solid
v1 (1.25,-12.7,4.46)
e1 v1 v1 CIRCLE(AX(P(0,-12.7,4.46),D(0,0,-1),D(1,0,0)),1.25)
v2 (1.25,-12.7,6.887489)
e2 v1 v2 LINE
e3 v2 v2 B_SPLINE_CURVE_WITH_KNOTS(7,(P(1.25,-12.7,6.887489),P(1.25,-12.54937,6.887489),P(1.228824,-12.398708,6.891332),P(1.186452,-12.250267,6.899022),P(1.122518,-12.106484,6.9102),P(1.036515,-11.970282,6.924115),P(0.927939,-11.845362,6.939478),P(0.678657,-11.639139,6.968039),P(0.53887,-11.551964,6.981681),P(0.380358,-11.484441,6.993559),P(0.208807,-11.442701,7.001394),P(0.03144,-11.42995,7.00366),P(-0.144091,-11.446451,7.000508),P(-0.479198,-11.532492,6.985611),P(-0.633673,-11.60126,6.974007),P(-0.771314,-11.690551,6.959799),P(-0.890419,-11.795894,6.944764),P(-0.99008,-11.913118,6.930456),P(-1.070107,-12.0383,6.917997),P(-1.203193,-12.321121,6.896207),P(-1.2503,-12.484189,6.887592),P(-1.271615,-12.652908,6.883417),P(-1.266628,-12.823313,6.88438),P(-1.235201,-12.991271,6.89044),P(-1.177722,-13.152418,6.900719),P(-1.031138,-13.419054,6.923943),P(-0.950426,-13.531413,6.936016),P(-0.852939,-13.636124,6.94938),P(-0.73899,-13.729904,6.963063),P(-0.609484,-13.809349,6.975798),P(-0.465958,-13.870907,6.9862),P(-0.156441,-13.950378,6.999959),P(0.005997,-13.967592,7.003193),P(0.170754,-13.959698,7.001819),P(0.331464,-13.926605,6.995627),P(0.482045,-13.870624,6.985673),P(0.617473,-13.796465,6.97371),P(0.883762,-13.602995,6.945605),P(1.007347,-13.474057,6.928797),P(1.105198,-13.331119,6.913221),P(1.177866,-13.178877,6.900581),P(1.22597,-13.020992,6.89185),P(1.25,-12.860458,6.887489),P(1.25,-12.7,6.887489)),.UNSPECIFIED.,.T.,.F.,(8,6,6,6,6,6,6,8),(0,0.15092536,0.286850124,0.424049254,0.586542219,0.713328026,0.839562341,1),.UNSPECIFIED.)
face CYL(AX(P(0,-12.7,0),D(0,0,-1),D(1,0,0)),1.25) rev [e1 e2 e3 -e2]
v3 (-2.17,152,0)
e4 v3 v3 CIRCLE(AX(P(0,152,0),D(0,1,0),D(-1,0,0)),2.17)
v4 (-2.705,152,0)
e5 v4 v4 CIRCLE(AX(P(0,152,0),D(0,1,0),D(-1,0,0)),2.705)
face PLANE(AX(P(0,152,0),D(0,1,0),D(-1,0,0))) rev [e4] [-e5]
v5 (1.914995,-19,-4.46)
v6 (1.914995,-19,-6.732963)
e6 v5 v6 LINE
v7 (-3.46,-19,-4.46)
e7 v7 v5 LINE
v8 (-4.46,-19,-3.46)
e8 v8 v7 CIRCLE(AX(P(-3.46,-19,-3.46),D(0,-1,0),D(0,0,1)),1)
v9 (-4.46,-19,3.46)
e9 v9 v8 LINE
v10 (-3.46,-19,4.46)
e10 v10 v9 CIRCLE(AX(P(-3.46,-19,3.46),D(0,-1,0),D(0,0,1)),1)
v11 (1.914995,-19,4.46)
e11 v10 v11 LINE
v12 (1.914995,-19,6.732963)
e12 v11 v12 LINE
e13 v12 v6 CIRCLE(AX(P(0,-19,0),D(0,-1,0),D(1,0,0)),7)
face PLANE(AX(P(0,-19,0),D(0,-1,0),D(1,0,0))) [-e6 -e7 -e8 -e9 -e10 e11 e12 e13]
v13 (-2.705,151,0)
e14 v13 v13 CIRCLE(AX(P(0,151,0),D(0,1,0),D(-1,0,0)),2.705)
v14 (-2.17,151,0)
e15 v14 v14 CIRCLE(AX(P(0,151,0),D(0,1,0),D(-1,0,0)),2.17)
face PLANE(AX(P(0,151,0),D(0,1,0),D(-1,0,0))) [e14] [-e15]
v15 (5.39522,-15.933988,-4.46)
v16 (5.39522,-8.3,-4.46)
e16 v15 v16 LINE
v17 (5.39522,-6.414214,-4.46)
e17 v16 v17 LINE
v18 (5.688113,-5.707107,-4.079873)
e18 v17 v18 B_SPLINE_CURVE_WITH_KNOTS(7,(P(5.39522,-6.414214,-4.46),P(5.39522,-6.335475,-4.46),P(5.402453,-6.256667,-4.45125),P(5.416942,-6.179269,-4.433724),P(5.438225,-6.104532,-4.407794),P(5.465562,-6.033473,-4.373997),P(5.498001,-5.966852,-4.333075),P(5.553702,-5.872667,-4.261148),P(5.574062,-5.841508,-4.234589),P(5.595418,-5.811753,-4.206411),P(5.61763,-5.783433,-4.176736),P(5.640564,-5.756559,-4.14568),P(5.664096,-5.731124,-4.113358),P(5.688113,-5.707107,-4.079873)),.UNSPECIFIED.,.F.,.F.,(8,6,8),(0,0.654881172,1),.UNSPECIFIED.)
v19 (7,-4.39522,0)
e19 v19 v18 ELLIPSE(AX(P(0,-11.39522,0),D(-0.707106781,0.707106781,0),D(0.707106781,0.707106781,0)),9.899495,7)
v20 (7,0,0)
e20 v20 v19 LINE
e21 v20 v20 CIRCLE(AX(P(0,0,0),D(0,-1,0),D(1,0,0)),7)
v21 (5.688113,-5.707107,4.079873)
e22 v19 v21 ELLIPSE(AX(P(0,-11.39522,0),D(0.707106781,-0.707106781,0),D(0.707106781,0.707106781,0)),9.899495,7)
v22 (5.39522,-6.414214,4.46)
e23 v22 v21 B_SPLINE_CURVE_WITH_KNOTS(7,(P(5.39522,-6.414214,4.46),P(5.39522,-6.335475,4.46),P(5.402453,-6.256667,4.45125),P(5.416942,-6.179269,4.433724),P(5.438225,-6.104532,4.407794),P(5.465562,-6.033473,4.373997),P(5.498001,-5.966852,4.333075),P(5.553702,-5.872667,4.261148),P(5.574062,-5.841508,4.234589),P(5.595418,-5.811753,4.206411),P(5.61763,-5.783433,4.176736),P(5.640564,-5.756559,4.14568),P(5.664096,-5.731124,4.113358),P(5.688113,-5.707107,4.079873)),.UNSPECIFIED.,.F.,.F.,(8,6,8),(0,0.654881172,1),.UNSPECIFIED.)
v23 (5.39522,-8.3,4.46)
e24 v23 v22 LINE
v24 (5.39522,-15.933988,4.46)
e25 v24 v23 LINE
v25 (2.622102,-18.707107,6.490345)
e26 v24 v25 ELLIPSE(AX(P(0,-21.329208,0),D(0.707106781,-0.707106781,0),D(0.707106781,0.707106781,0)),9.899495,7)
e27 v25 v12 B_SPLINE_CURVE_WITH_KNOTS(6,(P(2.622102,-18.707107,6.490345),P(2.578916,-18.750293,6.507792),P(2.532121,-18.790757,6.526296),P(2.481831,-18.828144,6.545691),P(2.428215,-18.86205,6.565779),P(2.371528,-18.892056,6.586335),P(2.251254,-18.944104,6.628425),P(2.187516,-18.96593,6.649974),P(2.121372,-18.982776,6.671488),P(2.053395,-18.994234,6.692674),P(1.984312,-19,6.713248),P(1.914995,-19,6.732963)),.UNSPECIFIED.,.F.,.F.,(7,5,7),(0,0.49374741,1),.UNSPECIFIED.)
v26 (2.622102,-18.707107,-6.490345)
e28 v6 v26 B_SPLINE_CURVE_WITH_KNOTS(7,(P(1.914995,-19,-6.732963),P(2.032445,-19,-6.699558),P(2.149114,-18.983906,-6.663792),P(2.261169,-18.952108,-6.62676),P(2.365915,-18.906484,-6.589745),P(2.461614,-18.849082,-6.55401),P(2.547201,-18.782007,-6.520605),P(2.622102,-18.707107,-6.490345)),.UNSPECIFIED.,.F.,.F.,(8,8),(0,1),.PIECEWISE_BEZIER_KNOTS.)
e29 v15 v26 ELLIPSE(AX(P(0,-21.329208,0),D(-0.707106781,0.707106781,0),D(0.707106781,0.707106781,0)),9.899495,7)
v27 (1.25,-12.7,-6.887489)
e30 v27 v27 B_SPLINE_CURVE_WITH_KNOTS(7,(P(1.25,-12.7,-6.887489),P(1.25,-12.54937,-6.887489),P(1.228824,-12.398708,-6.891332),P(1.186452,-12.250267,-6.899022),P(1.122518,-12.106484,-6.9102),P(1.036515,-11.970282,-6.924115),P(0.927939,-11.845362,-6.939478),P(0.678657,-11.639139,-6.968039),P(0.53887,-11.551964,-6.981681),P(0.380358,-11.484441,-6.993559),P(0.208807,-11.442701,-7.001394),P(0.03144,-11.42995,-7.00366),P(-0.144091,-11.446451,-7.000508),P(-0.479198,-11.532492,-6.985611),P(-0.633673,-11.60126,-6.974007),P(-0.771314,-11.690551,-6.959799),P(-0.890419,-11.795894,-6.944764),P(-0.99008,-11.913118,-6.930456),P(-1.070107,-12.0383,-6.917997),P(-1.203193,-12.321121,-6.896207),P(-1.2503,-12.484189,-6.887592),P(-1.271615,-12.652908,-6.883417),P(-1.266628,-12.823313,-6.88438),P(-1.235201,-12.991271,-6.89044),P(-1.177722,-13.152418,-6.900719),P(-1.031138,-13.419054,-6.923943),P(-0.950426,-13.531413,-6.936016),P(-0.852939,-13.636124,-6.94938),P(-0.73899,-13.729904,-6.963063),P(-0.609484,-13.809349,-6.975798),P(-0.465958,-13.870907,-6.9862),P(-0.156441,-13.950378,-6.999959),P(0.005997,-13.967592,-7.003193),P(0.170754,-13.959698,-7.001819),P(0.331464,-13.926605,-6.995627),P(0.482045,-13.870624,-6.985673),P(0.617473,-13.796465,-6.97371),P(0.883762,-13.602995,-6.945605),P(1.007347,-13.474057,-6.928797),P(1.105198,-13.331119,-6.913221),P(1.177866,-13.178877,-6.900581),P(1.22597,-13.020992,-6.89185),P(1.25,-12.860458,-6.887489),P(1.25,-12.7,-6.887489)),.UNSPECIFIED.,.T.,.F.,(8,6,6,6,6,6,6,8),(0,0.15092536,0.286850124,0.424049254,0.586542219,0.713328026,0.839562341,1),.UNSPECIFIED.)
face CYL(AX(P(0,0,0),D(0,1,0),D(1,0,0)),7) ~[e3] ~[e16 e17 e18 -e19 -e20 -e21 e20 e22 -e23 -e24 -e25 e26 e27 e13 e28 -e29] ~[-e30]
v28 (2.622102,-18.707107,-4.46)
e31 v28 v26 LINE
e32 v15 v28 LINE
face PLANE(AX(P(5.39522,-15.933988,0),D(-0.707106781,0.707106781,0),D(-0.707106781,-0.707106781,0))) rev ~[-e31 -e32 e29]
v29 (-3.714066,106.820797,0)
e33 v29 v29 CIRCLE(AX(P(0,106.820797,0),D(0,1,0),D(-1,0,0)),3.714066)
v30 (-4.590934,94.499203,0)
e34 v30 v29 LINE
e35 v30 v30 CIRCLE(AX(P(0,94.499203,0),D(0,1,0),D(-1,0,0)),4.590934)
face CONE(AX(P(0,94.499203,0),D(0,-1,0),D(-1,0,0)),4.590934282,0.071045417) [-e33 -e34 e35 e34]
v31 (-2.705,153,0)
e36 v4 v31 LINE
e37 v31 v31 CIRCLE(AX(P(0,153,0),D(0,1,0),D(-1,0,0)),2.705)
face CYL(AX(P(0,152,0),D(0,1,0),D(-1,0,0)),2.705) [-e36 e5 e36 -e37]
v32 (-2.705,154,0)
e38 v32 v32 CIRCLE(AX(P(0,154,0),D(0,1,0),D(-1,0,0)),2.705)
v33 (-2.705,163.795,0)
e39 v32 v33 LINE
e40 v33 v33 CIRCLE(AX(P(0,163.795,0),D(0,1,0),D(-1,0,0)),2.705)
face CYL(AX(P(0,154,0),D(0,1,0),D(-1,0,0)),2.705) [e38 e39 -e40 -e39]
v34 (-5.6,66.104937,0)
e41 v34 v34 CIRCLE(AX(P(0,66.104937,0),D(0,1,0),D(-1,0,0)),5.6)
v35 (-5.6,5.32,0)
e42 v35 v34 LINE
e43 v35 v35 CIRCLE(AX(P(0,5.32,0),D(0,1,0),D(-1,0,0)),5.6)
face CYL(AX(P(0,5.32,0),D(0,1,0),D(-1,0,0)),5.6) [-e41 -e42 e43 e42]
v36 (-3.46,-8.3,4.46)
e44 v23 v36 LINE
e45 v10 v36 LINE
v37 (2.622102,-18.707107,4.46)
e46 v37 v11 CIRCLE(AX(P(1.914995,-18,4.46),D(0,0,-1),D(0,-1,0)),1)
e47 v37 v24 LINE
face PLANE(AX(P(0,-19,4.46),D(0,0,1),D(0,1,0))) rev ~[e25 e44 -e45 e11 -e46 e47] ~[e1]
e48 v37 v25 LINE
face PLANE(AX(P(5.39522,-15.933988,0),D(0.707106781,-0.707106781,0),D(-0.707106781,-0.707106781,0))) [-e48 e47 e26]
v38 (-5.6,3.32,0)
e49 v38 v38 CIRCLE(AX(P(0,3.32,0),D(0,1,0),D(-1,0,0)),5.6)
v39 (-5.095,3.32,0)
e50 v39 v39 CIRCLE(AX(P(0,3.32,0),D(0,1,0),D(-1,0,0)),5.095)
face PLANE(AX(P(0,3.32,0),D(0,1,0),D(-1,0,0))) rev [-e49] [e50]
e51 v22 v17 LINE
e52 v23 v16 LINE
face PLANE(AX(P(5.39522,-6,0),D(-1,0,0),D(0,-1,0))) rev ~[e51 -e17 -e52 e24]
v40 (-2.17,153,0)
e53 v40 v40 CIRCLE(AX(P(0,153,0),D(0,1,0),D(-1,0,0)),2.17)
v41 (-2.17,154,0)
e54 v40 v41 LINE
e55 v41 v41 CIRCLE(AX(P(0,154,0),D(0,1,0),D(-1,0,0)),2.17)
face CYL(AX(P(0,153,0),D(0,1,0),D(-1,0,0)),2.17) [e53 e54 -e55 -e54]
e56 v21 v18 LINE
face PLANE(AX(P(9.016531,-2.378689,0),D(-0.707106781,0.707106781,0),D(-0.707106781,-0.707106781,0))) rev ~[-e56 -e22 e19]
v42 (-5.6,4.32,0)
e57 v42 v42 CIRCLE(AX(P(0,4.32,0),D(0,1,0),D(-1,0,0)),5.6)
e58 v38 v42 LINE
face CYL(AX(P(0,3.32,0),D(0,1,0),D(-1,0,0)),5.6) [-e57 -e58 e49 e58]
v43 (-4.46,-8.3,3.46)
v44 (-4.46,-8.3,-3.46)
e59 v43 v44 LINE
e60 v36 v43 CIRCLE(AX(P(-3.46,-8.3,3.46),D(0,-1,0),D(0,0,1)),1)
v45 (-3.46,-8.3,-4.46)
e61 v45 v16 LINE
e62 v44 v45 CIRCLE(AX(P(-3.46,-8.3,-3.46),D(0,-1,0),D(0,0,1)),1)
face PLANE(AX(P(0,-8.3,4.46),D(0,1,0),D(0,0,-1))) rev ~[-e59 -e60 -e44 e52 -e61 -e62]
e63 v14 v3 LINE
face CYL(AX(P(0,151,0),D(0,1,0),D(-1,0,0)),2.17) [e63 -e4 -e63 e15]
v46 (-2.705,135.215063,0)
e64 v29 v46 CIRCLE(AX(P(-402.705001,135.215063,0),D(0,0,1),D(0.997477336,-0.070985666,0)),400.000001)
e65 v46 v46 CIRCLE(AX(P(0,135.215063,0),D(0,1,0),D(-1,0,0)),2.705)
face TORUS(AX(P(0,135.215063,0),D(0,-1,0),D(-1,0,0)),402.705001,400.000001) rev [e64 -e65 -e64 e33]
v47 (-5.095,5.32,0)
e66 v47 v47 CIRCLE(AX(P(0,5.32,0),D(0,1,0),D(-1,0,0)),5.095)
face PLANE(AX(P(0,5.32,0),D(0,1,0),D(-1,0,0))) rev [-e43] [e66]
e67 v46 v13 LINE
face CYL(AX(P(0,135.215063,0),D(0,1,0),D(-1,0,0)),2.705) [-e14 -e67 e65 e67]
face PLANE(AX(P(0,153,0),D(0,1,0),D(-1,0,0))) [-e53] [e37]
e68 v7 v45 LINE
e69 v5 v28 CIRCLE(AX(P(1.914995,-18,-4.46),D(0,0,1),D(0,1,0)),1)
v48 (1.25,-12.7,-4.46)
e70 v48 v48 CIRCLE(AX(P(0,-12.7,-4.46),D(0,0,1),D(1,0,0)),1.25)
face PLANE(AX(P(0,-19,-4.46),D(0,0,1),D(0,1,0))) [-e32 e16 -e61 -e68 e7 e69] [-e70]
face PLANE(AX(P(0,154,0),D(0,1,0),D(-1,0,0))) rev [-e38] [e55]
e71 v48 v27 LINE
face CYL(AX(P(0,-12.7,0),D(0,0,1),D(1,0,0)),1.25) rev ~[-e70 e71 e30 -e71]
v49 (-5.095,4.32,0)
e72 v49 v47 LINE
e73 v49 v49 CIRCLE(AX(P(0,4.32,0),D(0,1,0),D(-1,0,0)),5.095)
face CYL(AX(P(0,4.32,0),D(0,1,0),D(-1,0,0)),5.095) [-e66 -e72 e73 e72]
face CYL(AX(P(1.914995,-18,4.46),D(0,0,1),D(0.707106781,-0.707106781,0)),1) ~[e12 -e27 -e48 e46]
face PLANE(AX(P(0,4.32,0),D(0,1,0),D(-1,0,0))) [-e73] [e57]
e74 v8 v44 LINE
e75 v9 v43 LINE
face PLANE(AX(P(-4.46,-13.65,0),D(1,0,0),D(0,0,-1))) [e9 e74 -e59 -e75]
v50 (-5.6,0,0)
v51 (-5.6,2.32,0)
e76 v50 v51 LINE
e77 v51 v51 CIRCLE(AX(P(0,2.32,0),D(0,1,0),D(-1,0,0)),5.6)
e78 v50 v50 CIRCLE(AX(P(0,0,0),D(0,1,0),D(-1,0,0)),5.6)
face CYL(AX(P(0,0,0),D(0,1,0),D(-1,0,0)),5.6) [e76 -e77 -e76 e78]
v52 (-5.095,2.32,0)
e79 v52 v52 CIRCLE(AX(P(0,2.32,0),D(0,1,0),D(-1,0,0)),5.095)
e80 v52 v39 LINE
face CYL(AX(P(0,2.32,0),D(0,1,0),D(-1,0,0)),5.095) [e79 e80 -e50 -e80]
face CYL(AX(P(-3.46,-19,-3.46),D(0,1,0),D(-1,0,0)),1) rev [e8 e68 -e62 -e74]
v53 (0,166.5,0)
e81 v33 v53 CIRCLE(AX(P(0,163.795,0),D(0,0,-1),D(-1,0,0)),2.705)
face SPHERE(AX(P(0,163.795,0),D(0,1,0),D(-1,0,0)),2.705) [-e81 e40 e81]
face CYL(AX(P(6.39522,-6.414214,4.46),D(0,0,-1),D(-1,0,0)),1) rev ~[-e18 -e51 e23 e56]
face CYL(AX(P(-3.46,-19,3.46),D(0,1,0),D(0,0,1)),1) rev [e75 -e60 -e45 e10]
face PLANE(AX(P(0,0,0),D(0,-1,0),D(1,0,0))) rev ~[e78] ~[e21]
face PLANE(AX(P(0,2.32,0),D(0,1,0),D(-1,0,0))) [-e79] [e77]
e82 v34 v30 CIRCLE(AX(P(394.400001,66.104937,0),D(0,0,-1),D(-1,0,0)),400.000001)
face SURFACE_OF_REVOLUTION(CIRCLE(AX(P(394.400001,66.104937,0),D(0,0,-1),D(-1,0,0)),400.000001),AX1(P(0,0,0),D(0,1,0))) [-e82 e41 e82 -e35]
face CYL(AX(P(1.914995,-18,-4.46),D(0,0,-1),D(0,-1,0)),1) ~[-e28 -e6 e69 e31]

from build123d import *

# Parameters (mm, degrees)
SKETCH3_R               = 7
BOSS_EXTRUDE1_DEPTH     = 19
SKETCH4_W               = 8.92
SKETCH4_H               = 10.7
CUT_EXTRUDE1_DEPTH      = 9
CUT_EXTRUDE1_DEPTH_BACK = 4.46
SKETCH5_R               = 1.25
CUT_EXTRUDE2_DEPTH      = 14.46
CUT_EXTRUDE2_DEPTH_BACK = 14.46
FILLET1_R               = 1


with BuildPart() as part:
    # Sketch1 → Revolve1 (revolve)
    with BuildSketch(Plane.XY):
        with BuildLine():
            Line((0, 0), (-5.6, 0))
            Line((-5.6, 0), (-5.6, 2.32))
            Line((-5.6, 2.32), (-5.095, 2.32))
            Line((-5.095, 2.32), (-5.095, 3.32))
            Line((-5.095, 3.32), (-5.6, 3.32))
            Line((-5.6, 3.32), (-5.6, 4.32))
            Line((-5.6, 4.32), (-5.095, 4.32))
            Line((-5.095, 4.32), (-5.095, 5.32))
            Line((-5.095, 5.32), (-5.6, 5.32))
            Line((-5.6, 5.32), (-5.6, 66.104936914))
            ThreePointArc((-5.6, 66.104936914), (-5.347653972, 80.311032213), (-4.590934282, 94.499203254))
            Line((-4.590934282, 94.499203254), (-3.714065718, 106.820796746))
            ThreePointArc((-3.714065718, 106.820796746), (-2.957346028, 121.008967787), (-2.705, 135.215063086))
            Line((-2.705, 135.215063086), (-2.705, 151))
            Line((-2.705, 151), (-2.17, 151))
            Line((-2.17, 151), (-2.17, 152))
            Line((-2.17, 152), (-2.705, 152))
            Line((-2.705, 152), (-2.705, 153))
            Line((-2.705, 153), (-2.17, 153))
            Line((-2.17, 153), (-2.17, 154))
            Line((-2.17, 154), (-2.705, 154))
            Line((-2.705, 154), (-2.705, 163.795))
            ThreePointArc((-2.705, 163.795), (-1.912723843, 165.707723843), (0, 166.5))
            Line((0, 166.5), (0, 0))
        make_face()
    revolve(axis=Axis((0, 0, 0), (0, 1, 0)))

    # Sketch3 → Boss-Extrude1 (add)
    with BuildSketch(Plane.XZ):
        Circle(SKETCH3_R)
    extrude(amount=BOSS_EXTRUDE1_DEPTH)

    # Sketch4 → Cut-Extrude1 (cut, two sides)
    with BuildSketch(Plane(origin=(0, 0, 0), x_dir=(0, 0, -1), z_dir=(1, 0, 0))) as cut_extrude1_sk:
        with Locations((0, -13.65)):
            Rectangle(SKETCH4_W, SKETCH4_H)
    extrude(amount=CUT_EXTRUDE1_DEPTH, mode=Mode.SUBTRACT)
    extrude(cut_extrude1_sk.sketch, amount=-CUT_EXTRUDE1_DEPTH_BACK, mode=Mode.SUBTRACT)

    # Sketch5 → Cut-Extrude2 (cut, two sides)
    with BuildSketch(Plane.XY) as cut_extrude2_sk:
        with Locations((0, -12.7)):
            Circle(SKETCH5_R)
        Polygon((5.395220107, -6), (5.395220107, -15.933988373), (0.784672068, -20.544536411), (9.016530708, -20.544536411), (9.016530708, -2.378689399), align=None)
    extrude(amount=CUT_EXTRUDE2_DEPTH, mode=Mode.SUBTRACT)
    extrude(cut_extrude2_sk.sketch, amount=-CUT_EXTRUDE2_DEPTH_BACK, mode=Mode.SUBTRACT)

    # Fillet1
    fillet1_edges = [part.edges().sort_by_distance(p)[0] for p in [
        (5.395220107, -6, 0),
        (2.329208479, -19, -5.530560099),
        (2.329208479, -19, 5.530560099),
        (-4.46, -13.65, -4.46),
        (-4.46, -13.65, 4.46),
    ]]
    fillet(fillet1_edges, radius=FILLET1_R)


solid = part.part
